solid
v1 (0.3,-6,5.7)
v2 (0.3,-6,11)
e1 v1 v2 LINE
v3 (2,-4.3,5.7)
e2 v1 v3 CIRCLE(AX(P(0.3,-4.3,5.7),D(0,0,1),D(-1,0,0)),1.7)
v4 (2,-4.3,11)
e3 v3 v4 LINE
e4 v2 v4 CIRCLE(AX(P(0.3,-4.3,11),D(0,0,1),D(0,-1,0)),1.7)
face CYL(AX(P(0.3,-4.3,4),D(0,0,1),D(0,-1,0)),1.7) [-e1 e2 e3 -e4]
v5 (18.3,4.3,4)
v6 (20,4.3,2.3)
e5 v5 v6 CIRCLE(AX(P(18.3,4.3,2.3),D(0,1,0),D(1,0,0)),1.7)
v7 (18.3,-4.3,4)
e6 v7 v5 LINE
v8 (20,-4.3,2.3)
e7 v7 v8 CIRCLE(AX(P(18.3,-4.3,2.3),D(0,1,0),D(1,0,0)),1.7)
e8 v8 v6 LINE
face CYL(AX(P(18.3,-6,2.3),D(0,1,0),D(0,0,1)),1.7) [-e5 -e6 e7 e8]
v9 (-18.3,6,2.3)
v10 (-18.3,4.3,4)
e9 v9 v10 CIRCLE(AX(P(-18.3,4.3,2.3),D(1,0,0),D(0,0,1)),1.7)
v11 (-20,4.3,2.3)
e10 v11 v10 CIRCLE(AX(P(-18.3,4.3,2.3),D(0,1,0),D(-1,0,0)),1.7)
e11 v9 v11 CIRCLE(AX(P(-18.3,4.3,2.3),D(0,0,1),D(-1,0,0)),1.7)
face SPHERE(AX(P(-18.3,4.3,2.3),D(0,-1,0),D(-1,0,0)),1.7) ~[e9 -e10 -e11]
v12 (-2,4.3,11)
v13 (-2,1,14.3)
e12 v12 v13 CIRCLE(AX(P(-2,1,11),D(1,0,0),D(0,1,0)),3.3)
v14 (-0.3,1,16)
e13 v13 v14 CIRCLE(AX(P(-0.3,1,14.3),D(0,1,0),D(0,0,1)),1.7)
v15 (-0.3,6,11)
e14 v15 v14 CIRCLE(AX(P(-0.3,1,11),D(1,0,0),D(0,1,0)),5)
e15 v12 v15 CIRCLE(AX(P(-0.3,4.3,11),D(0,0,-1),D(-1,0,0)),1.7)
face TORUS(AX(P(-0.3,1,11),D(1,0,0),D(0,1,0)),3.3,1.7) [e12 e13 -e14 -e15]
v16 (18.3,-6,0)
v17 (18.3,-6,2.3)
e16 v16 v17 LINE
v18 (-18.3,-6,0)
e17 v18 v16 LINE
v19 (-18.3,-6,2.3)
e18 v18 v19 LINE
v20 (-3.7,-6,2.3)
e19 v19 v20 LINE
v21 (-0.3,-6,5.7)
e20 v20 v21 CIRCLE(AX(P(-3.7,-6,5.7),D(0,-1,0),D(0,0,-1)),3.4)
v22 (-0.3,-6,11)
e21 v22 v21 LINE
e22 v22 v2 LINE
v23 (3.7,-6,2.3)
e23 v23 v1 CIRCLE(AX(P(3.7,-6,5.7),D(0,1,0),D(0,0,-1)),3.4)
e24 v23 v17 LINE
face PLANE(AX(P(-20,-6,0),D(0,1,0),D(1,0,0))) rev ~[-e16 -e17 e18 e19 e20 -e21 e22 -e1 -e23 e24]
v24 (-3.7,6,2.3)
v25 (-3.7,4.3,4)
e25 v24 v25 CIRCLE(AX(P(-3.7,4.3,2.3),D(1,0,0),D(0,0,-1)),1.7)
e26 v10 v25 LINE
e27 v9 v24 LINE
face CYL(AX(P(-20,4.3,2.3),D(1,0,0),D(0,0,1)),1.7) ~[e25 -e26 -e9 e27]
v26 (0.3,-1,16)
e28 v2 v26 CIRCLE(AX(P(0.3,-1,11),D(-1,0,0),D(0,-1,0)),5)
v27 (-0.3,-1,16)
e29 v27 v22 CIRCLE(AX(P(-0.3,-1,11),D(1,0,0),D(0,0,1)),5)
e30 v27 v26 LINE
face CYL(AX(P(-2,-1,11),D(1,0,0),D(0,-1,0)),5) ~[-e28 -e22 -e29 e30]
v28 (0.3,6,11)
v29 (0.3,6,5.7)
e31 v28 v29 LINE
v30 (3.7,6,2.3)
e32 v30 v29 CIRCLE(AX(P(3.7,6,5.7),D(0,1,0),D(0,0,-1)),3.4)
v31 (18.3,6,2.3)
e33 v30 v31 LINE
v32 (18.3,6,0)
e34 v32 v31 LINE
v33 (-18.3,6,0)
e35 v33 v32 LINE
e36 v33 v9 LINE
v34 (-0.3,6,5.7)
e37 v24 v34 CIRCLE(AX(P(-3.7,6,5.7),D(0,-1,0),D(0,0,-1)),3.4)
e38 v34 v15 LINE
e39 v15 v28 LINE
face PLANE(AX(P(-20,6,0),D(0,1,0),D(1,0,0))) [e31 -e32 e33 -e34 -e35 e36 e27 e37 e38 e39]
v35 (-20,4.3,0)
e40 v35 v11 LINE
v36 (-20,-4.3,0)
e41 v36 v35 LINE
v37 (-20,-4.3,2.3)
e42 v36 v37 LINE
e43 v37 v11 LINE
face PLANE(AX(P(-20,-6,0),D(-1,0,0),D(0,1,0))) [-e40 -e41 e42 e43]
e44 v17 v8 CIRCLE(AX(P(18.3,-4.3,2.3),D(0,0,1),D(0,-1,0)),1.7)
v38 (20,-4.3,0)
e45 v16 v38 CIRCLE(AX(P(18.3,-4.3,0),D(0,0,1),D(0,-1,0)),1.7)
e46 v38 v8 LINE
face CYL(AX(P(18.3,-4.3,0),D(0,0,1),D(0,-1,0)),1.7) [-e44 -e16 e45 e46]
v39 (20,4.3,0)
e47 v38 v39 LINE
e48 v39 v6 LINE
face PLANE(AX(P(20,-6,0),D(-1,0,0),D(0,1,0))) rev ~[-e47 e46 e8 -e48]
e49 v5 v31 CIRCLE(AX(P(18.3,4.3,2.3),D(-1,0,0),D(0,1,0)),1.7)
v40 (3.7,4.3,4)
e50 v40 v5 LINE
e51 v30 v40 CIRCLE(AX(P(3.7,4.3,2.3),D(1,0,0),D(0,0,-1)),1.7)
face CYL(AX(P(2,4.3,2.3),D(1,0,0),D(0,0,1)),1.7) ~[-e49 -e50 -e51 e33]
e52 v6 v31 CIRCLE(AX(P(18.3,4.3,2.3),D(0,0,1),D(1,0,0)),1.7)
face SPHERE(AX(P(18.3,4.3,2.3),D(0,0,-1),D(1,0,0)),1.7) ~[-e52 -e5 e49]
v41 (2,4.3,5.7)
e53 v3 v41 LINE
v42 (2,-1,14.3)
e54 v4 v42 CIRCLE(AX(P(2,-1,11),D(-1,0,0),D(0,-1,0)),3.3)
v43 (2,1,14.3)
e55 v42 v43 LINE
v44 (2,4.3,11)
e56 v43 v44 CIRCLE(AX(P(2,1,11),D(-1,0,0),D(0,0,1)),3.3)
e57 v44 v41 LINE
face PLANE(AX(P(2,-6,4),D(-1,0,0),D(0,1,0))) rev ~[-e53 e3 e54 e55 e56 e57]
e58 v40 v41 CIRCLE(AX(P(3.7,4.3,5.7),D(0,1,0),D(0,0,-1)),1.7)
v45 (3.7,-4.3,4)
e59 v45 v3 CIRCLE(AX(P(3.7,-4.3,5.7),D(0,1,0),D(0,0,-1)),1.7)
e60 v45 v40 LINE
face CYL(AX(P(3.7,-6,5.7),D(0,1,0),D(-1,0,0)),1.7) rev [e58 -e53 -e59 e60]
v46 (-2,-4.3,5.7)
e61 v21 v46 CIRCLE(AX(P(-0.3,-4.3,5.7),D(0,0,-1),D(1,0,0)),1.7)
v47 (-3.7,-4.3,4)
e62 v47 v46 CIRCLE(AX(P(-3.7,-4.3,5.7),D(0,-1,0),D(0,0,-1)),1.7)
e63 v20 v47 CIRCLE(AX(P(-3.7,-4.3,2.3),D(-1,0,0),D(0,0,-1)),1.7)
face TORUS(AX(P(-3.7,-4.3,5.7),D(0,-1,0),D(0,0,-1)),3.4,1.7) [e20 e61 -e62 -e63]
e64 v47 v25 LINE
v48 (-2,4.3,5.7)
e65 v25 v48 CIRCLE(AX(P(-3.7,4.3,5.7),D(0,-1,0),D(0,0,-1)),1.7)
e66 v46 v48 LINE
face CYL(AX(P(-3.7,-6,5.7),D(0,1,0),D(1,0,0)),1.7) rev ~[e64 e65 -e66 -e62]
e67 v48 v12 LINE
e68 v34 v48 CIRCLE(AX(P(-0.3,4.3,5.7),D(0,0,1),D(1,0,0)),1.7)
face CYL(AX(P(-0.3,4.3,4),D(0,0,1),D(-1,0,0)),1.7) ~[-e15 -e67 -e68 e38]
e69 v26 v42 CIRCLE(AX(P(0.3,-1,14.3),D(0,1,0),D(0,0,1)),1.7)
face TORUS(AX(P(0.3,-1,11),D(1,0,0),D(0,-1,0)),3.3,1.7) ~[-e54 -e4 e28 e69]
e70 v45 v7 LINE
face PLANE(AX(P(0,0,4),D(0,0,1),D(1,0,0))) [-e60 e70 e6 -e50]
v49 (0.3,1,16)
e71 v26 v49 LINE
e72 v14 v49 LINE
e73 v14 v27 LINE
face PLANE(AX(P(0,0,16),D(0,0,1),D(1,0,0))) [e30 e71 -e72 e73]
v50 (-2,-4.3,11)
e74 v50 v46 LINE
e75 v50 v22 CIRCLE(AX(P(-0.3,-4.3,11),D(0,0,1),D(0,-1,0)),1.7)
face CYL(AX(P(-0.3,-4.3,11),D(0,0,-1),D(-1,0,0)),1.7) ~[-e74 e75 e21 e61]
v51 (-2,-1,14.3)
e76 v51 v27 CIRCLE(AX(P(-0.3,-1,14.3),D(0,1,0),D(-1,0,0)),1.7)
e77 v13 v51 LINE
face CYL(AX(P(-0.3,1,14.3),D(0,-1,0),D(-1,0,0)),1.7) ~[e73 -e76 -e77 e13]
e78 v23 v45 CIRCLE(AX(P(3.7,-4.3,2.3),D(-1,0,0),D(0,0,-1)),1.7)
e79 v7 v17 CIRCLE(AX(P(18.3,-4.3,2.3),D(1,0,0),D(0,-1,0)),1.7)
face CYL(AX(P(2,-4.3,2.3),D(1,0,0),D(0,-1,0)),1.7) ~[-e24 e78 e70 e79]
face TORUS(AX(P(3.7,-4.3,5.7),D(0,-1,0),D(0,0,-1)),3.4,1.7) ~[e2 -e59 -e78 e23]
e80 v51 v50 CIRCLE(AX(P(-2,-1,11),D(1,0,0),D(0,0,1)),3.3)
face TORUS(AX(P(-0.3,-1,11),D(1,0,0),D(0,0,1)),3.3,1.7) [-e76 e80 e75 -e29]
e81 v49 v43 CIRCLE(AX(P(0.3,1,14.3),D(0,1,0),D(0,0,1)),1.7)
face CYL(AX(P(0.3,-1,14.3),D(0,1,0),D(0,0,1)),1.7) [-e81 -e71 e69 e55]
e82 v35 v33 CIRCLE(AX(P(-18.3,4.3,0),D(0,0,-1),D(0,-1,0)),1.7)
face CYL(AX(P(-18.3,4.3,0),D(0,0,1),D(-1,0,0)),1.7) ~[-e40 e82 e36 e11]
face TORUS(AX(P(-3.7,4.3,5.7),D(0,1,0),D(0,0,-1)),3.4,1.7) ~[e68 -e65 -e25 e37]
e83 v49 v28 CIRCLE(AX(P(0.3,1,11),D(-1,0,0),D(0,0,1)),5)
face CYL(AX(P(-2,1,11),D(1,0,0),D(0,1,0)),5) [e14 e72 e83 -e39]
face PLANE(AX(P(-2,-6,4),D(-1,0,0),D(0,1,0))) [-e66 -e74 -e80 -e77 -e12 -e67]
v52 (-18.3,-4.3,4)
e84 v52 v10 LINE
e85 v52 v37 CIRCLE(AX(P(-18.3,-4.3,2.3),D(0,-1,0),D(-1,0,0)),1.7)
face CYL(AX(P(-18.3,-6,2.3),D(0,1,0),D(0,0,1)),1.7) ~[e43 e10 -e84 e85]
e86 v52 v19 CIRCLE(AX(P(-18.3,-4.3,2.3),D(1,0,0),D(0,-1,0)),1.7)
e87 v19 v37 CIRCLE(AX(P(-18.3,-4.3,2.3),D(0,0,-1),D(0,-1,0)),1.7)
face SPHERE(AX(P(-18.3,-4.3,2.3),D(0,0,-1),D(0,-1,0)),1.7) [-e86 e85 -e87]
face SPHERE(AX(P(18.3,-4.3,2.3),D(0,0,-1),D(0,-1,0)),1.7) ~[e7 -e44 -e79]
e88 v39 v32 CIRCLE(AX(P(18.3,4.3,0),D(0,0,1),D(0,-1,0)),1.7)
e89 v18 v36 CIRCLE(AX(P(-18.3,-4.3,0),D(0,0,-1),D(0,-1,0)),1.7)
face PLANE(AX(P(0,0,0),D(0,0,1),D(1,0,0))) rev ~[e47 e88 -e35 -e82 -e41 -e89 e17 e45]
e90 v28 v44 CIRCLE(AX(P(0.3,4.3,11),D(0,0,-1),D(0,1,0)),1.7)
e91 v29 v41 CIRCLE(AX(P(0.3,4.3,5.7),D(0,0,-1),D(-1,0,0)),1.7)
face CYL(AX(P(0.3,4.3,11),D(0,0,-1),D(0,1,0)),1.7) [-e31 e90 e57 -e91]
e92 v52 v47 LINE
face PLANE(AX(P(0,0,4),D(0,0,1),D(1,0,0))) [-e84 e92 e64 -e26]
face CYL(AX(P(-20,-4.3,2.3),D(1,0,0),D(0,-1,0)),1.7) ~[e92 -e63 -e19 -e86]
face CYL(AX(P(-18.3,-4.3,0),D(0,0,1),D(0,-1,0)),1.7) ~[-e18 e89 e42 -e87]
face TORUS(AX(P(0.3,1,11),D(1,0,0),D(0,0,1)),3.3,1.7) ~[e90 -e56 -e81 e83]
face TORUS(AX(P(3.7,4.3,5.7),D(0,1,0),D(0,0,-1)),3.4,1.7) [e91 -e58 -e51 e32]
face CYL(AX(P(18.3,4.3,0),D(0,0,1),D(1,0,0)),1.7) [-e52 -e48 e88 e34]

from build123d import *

# Parameters (mm, degrees)
F0_W     = 40
F0_H     = 12
F1_DEPTH = 4
F2_W     = 4
F2_H     = 12
F3_DEPTH = 12
F4_R     = 5
F5_R     = 1.7


with BuildPart() as f1:
    # F0 (on Top) → F1 (new body)
    with BuildSketch(Plane.XY):
        Rectangle(F0_W, F0_H)
    extrude(amount=F1_DEPTH)

    # F2 (on face) → F3 (join)
    with BuildSketch(Plane.XY.offset(4)):
        Rectangle(F2_W, F2_H)
    extrude(amount=F3_DEPTH)

    # F4
    f4_edges = [f1.edges().sort_by_distance(p)[0] for p in [
        (0, -6, 16),
        (0, 6, 16),
    ]]
    fillet(f4_edges, radius=F4_R)

    # F5
    f5_edges = [f1.edges().sort_by_distance(p)[0] for p in [
        (-20, -6, 2),
        (-11, -6, 4),
        (-20, 0, 4),
        (-20, 6, 2),
        (-11, 6, 4),
        (20, -6, 2),
        (20, 6, 2),
        (11, -6, 4),
        (20, 0, 4),
        (11, 6, 4),
        (-2, 6, 7.5),
        (-2, 4.535534, 14.535534),
        (-2, 0, 4),
        (-2, 0, 16),
        (-2, -6, 7.5),
        (-2, -4.535534, 14.535534),
        (2, -6, 7.5),
        (2, 6, 7.5),
        (2, 4.535534, 14.535534),
        (2, 0, 16),
        (2, 0, 4),
    ]]
    fillet(f5_edges, radius=F5_R)


solid = f1.part
